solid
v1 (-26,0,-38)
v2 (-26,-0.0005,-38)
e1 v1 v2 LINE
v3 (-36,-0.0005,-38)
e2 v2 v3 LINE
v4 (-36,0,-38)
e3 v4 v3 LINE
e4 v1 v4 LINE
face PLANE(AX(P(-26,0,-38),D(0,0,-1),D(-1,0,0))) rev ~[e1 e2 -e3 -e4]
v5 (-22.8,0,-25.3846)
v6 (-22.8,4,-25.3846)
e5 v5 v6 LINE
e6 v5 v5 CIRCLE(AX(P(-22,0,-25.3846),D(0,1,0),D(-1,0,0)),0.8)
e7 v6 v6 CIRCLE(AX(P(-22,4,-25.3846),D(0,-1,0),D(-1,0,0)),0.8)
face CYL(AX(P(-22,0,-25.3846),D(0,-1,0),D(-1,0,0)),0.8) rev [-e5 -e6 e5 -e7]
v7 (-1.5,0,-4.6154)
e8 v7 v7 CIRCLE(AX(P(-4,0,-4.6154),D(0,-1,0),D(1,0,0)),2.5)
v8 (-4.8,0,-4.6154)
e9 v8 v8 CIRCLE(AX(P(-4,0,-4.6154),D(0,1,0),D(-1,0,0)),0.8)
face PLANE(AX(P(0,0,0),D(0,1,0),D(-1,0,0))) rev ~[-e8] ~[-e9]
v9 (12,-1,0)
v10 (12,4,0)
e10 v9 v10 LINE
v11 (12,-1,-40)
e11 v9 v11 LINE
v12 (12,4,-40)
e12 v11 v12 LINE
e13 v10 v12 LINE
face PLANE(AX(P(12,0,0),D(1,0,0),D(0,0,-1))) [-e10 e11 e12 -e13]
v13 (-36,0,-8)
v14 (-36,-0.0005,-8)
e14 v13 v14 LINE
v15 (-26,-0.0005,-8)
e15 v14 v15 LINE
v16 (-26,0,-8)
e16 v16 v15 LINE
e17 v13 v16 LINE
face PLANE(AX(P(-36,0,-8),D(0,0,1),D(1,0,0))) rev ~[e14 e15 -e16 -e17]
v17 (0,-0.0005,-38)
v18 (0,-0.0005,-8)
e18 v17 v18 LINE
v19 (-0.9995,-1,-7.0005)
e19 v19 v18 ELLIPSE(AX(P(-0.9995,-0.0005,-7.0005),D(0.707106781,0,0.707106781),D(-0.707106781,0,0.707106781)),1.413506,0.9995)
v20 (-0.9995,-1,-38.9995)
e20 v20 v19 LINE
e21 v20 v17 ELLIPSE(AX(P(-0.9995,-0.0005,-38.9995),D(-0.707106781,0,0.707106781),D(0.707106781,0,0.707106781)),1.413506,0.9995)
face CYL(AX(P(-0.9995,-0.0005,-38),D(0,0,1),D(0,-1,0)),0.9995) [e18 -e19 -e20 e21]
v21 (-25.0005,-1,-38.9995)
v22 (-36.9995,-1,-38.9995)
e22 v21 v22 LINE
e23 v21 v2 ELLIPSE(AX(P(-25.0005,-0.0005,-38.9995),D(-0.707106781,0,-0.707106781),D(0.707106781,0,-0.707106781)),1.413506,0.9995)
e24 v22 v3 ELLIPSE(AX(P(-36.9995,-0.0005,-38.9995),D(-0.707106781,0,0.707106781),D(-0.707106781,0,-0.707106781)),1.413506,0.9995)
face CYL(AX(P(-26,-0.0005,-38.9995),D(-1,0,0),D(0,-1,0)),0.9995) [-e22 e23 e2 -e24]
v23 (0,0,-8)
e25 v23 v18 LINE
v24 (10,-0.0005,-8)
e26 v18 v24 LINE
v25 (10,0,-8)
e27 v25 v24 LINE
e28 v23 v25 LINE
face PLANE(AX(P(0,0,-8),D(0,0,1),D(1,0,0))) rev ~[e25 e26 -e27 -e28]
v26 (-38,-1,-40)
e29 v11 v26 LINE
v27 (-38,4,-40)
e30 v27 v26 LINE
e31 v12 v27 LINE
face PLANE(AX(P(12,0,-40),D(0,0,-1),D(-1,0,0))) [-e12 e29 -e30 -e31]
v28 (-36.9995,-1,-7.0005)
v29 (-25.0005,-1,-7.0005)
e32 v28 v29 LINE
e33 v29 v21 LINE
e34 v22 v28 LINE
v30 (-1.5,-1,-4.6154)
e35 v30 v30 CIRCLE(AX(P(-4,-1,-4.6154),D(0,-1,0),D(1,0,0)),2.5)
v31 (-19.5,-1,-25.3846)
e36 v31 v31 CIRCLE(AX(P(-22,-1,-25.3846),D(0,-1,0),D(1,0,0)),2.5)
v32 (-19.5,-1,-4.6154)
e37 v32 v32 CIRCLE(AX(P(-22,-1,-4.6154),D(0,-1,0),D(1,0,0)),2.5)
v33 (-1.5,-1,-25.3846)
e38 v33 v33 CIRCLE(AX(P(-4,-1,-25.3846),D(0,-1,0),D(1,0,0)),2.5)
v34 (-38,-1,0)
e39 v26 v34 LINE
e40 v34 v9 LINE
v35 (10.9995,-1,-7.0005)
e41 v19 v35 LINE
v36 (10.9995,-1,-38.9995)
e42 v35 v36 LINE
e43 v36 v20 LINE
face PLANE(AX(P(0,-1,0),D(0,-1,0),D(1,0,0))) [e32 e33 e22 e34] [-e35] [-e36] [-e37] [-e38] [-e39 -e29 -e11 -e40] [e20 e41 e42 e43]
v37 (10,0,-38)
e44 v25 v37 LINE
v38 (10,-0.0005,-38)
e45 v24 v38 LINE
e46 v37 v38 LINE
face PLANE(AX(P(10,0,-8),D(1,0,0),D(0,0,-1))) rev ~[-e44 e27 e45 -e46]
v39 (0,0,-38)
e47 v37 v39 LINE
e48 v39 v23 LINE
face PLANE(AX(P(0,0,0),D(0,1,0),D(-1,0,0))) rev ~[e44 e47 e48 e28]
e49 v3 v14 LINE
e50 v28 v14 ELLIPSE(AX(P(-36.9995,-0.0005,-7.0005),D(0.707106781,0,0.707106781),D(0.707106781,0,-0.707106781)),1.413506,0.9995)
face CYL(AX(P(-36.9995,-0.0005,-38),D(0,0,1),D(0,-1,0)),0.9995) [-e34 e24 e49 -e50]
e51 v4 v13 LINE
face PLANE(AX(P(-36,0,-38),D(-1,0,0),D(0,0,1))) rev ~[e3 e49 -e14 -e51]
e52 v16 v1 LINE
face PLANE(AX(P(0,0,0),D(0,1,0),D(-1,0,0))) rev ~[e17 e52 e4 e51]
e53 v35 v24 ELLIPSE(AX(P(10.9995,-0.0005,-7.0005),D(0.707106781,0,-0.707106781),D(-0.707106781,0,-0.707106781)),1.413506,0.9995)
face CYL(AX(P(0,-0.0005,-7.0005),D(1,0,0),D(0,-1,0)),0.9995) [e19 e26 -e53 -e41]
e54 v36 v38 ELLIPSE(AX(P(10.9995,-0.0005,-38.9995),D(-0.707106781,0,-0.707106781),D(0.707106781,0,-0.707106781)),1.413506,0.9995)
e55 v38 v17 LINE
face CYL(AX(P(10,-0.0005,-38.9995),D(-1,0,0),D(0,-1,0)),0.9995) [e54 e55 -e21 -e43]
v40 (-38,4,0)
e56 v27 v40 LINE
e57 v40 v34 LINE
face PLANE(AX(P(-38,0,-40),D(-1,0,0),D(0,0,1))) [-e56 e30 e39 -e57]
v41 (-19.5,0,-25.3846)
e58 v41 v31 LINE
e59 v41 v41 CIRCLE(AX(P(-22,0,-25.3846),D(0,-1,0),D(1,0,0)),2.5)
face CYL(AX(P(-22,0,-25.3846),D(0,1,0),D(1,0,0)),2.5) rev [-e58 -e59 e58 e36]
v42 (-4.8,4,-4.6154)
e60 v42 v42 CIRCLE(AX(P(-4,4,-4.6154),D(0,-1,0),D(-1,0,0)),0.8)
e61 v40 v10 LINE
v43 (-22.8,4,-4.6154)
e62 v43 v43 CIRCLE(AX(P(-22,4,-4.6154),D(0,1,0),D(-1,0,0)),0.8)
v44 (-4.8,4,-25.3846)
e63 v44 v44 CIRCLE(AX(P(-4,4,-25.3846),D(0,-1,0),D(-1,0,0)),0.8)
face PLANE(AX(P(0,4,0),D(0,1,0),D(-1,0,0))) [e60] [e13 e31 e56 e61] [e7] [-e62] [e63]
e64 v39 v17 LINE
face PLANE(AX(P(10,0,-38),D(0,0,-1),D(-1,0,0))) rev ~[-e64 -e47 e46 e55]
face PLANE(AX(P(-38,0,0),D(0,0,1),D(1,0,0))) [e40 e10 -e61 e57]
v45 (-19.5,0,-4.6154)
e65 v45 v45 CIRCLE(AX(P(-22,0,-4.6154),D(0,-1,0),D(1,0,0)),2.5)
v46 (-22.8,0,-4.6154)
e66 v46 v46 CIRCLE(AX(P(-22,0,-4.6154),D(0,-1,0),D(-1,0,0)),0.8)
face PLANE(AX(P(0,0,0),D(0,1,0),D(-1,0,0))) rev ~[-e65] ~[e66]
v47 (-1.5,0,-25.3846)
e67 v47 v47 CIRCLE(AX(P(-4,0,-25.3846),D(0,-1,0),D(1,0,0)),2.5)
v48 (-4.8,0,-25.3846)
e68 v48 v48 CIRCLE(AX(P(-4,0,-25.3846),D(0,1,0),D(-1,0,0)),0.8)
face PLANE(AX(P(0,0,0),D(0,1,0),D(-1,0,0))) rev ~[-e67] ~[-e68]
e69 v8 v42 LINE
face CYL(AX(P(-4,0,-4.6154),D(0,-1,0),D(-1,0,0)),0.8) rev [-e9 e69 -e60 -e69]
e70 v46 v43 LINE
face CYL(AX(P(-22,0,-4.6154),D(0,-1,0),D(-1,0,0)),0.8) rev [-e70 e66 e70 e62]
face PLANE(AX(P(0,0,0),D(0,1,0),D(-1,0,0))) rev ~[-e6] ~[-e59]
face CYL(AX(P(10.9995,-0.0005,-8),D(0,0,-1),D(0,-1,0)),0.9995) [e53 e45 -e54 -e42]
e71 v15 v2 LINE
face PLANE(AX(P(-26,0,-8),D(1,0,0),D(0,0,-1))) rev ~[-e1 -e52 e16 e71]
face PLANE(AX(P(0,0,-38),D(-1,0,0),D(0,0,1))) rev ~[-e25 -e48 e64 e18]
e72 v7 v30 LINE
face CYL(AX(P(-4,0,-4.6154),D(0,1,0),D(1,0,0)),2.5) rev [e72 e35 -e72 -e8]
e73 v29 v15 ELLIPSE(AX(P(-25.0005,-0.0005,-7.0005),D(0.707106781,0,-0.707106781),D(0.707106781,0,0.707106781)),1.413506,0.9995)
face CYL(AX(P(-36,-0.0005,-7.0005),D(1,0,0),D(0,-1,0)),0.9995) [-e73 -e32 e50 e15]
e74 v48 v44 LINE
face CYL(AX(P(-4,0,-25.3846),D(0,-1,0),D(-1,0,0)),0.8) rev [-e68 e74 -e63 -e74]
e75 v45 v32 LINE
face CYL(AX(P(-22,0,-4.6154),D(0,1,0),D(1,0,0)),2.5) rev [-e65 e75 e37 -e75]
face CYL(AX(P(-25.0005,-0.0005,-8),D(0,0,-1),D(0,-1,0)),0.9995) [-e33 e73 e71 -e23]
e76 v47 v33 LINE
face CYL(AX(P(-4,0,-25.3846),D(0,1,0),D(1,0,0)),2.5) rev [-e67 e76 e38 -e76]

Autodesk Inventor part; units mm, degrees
ref_plane "YZ Plane" through (0, 0, 0) normal (1, 0, 0) x (0, 1, 0)
ref_plane "XZ Plane" through (0, 0, 0) normal (0, 1, 0) x (-1, 0, 0)
ref_plane "XY Plane" through (0, 0, 0) normal (0, 0, 1) x (1, 0, 0)
sketch "スケッチ1" plane through (0, 0, 0) normal (0, 1, 0) x (-1, 0, 0)
  line L0 (26, 0) -> (0, 0)
  line L1 (0, 0) -> (0, -30)
  line L2 (0, -30) -> (26, -30)
  line L3 (26, -30) -> (26, 0)
  line L4 (26, 0) -> (27.9445, -37.1034)
  line L5 (0, 0) -> (-1.9445, -37.1034)
  arc A0 (-1.9445, -37.1034) -> (27.9445, -37.1034) centre (13, 0) ccw
  line L6 (0, 0) -> (26, -30)
  line L7 (0, -30) -> (26, 0)
  line L8 (4, -4.6154) -> (22, -4.6154)
  line L9 (22, -4.6154) -> (22, -25.3846)
  line L10 (22, -25.3846) -> (4, -25.3846)
  line L11 (4, -25.3846) -> (4, -4.6154)
  circle A1 centre (4, -4.6154) radius 0.8
  circle A2 centre (4, -25.3846) radius 0.8
  circle A3 centre (22, -4.6154) radius 0.8
  circle A4 centre (22, -25.3846) radius 0.8
  line L12 (38, 0) -> (-12, 0)
  line L13 (-12, 0) -> (-12, -40)
  line L14 (-12, -40) -> (38, -40)
  line L15 (38, -40) -> (38, 0)
  point P0 (13, -40)
  point P1 (13, -40)
  dimension "d0" = 26
  dimension "d3" = 30
  dimension "d4" = 3
  dimension "d5" = 3
  dimension "d6" = 40
  dimension "d17" = 4
  dimension "d18" = 1.6
  dimension "d19" = 1.6
  dimension "d20" = 1.6
  dimension "d21" = 1.6
  dimension "d28" = 50
extrude "押し出し1" add sketch "スケッチ1" along normal blind 4 contours L7 A3 L8 A1 L6 L0 | L4 A0 L5 L1 L2 L3 | L12 L15 L14 A0 L4 | L3 L6 A4 L9 A3 L7 | L6 A1 L11 A2 L7 L1 | L5 A0 L14 L13 L12 | L2 L7 A2 L10 A4 L6 | A3 L7 L6 A1 L8 | A1 L6 L7 A2 L11 | L10 A2 L7 L6 A4 | A3 L9 A4 L6 L7
sketch "スケッチ4" plane through (0, 0, 0) normal (0, -1, 0) x (1, 0, 0)
  line L0 (-38, 0) -> (12, 0) projected
  line L1 (-38, -40) -> (-38, 0) projected
  line L2 (12, -40) -> (-38, -40) projected
  line L3 (12, 0) -> (12, -40) projected
  circle A0 centre (-4, -25.3846) radius 0.8 projected
  circle A1 centre (-22, -25.3846) radius 0.8 projected
  circle A2 centre (-4, -4.6154) radius 0.8 projected
  circle A3 centre (-22, -4.6154) radius 0.8 projected
  circle A4 centre (-22, -4.6154) radius 2.5
  circle A5 centre (-4, -4.6154) radius 2.5
  circle A6 centre (-4, -25.3846) radius 2.5
  circle A7 centre (-22, -25.3846) radius 2.5
  line L4 (-36, -8) -> (-26, -8)
  line L5 (-26, -8) -> (-26, -38)
  line L6 (-26, -38) -> (-36, -38)
  line L7 (-36, -38) -> (-36, -8)
  line L8 (0, -8) -> (10, -8)
  line L9 (10, -8) -> (10, -38)
  line L10 (10, -38) -> (0, -38)
  line L11 (0, -38) -> (0, -8)
  point P0 (0, 0)
  dimension "d29" = 5
  dimension "d32" = 10
  dimension "d33" = 30
  dimension "d34" = 10
  dimension "d35" = 30
  dimension "d36" = 2
  dimension "d37" = 2
  dimension "d38" = 2
extrude "押し出し5" add sketch "スケッチ4" along normal blind 1 contours L0 L3 L2 L1
fillet "フィレット3" radius 1 8 edges at (-31, -1, -8) (-26, -1, -23) (-31, -1, -38) (-36, -1, -23) (0, -1, -23) (10, -1, -23) (5, -1, -8) (5, -1, -38)
properties part number "toe_sole_back"
